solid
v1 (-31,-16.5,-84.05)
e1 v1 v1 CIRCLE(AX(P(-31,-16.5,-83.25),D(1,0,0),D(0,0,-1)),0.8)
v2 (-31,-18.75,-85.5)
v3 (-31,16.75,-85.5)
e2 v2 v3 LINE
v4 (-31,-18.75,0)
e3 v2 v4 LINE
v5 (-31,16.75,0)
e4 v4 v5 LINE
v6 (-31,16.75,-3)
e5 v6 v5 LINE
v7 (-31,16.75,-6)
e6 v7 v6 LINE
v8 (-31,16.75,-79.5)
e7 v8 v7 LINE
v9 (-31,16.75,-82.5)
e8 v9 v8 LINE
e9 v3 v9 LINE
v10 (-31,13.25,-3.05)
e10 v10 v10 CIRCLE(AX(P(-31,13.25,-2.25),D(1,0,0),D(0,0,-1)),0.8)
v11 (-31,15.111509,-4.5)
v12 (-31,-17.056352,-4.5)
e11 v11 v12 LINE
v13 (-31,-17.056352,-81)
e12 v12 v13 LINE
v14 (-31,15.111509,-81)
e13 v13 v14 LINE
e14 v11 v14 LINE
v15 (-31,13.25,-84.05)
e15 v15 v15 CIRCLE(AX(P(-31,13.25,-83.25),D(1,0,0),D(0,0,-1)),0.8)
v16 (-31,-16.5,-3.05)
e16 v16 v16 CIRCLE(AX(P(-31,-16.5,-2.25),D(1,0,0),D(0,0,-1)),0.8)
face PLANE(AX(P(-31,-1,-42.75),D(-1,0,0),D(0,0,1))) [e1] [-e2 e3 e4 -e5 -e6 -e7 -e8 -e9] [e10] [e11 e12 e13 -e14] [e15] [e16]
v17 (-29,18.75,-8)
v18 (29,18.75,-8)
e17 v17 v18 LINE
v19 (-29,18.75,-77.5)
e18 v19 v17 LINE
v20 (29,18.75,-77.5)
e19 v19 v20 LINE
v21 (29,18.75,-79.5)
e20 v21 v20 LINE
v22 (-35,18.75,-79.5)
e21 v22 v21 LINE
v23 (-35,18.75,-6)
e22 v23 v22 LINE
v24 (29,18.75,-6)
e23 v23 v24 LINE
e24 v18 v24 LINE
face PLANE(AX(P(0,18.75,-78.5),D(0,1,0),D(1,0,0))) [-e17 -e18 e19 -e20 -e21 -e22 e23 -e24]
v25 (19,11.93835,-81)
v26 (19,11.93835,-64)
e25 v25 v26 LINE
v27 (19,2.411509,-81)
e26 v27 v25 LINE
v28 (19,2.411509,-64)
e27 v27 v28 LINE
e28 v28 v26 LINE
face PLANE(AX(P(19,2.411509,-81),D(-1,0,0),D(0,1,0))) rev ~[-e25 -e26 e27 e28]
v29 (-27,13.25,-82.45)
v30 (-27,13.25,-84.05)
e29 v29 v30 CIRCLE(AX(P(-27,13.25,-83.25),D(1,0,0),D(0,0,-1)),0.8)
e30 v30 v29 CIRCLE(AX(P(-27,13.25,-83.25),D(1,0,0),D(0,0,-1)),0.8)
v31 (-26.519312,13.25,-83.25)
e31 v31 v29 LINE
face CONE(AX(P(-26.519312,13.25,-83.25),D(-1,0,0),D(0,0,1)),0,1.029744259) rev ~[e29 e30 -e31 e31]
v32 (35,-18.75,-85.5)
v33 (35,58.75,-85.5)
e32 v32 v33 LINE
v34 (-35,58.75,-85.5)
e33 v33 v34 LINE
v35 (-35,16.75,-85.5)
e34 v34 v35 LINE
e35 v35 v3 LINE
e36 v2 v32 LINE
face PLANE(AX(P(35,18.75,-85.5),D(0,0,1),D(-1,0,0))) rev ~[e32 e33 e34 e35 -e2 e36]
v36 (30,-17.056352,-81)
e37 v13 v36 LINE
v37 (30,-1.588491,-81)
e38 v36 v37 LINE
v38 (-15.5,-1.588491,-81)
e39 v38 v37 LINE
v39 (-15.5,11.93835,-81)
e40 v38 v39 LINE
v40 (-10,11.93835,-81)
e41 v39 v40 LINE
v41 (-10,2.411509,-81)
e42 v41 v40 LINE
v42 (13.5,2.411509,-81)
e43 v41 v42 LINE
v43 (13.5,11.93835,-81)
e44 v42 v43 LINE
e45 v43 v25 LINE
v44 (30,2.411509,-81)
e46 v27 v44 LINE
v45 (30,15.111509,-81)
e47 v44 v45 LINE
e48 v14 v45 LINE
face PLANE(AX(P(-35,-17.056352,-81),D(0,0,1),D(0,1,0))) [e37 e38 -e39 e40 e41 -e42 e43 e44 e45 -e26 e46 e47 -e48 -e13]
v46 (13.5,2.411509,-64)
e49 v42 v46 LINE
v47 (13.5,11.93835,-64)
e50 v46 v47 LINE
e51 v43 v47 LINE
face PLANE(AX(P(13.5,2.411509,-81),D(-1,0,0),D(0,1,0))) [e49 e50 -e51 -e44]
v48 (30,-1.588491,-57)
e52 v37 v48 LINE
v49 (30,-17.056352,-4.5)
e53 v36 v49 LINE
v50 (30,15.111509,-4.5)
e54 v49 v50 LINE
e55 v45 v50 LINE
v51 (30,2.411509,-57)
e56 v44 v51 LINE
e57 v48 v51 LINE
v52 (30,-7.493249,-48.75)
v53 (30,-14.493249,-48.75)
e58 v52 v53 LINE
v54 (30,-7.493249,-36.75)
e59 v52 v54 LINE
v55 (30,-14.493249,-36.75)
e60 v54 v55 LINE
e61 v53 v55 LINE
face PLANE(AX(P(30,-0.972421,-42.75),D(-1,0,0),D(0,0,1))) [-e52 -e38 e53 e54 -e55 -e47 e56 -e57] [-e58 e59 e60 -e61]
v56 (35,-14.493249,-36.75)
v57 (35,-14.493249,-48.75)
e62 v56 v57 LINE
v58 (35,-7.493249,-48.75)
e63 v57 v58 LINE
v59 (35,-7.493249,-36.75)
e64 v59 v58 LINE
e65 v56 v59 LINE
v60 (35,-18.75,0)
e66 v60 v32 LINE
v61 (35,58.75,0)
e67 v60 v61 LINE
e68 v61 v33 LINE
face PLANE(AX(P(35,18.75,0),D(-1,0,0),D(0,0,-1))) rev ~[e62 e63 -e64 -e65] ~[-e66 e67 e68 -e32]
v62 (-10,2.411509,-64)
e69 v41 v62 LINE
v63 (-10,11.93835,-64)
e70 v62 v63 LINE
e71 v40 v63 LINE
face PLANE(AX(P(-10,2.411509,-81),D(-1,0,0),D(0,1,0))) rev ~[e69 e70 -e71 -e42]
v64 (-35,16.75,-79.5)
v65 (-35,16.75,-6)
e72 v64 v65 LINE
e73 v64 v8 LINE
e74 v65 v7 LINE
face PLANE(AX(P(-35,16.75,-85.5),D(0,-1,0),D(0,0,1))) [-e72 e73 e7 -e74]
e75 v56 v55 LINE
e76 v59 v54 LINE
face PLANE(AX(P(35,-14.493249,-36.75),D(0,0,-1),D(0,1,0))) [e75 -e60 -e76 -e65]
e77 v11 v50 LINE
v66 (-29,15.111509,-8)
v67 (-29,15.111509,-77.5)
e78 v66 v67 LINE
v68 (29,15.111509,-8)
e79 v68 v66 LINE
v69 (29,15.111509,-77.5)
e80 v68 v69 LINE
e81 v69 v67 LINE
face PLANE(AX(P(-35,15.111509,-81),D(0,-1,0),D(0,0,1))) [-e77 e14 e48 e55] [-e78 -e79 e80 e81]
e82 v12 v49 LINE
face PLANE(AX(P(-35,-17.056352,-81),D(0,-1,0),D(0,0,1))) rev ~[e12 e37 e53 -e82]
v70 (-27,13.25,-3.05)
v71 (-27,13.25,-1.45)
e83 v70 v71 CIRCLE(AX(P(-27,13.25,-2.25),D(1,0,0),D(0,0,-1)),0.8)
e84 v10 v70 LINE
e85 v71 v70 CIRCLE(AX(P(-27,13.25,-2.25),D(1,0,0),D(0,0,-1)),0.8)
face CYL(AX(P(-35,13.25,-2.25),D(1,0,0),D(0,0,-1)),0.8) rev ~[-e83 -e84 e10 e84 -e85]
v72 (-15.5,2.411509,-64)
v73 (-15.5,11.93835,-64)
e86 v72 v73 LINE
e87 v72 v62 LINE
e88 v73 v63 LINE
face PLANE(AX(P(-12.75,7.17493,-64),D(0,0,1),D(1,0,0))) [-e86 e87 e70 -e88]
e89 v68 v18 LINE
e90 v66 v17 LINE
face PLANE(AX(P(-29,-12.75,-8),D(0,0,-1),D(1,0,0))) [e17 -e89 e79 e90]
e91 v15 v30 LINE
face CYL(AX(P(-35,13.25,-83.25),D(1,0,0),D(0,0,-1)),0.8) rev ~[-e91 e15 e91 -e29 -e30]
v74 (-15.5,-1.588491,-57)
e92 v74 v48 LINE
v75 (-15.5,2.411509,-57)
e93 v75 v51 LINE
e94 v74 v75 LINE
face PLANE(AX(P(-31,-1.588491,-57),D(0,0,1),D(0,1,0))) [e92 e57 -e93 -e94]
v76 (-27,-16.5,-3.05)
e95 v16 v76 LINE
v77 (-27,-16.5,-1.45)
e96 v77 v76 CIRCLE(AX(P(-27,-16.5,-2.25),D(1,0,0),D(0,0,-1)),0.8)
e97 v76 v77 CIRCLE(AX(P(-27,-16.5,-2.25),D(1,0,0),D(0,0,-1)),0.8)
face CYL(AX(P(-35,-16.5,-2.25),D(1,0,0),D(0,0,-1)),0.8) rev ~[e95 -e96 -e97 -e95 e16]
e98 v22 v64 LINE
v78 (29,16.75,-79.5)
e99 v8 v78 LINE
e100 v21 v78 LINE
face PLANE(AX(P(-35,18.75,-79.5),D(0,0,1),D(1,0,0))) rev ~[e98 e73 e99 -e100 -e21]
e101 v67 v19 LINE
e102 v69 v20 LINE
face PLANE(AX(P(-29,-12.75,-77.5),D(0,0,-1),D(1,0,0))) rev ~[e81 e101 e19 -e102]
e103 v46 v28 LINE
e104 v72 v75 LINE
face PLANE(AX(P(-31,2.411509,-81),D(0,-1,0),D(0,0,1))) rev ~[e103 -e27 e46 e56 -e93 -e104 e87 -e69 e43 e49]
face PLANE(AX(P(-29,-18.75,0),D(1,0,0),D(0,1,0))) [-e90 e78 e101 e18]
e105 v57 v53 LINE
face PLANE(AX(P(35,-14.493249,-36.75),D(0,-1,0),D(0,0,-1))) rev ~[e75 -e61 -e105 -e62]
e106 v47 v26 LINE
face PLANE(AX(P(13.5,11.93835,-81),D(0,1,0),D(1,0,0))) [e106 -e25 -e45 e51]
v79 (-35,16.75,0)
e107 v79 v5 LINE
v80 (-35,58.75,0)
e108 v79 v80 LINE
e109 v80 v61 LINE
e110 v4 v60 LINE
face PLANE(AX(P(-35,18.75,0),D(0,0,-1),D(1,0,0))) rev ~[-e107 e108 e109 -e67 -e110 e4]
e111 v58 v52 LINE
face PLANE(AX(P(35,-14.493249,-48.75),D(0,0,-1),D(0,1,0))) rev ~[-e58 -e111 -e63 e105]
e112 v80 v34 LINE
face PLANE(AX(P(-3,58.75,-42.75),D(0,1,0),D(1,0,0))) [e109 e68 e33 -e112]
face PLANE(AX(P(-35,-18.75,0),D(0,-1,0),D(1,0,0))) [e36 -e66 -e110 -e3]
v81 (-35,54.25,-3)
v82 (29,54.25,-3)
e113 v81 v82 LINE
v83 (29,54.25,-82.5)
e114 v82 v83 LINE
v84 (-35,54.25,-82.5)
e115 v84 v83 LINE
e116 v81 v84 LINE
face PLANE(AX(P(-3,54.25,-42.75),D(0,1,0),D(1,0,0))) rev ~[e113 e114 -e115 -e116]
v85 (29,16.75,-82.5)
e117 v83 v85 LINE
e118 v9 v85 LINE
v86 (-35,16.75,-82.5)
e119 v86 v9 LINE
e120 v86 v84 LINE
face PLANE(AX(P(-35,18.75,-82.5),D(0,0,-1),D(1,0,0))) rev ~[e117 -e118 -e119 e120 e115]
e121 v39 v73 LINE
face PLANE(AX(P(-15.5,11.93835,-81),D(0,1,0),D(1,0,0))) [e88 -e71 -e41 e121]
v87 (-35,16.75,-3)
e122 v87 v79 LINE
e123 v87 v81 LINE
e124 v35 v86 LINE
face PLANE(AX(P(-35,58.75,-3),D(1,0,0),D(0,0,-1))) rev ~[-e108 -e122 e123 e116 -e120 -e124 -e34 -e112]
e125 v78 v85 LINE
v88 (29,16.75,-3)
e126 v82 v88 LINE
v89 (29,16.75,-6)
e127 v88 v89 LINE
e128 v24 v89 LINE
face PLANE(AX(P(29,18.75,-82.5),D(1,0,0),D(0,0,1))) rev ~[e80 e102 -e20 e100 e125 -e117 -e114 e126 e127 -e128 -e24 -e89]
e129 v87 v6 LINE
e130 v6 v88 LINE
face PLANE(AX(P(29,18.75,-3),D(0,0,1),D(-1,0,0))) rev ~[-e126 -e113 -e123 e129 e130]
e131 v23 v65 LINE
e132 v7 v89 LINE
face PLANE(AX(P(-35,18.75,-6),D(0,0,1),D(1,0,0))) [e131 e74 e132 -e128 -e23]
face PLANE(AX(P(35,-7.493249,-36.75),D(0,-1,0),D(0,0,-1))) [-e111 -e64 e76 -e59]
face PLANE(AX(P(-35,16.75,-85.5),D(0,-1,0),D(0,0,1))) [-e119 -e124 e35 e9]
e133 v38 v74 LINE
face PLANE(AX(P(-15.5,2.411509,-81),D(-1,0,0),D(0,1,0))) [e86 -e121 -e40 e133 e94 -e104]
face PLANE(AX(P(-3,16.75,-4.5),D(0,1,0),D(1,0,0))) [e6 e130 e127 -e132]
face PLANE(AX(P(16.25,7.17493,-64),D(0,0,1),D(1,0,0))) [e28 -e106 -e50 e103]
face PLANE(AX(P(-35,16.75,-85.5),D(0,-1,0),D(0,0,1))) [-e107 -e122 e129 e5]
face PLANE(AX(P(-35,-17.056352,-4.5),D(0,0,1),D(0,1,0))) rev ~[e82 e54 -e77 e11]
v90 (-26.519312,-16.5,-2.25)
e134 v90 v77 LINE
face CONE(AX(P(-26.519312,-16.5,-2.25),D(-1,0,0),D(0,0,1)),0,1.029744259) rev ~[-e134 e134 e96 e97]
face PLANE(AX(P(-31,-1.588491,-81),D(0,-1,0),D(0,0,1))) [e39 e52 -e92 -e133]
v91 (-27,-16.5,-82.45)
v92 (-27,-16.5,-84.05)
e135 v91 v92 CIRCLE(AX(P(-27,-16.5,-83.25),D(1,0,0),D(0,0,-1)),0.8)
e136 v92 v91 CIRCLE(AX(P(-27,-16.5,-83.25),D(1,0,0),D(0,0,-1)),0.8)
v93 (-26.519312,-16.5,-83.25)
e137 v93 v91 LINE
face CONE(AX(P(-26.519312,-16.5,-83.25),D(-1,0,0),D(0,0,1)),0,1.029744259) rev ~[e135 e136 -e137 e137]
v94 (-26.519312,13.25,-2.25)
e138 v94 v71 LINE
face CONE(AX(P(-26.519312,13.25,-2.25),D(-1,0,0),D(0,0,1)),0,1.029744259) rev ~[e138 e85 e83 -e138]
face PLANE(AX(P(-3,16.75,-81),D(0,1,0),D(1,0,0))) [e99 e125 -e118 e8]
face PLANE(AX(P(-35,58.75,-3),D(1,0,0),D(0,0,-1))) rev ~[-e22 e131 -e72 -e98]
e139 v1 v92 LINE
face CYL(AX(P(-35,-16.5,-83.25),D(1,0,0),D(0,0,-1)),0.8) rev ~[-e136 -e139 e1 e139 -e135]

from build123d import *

# Parameters (mm, degrees)
SKETCH1_W             = 70
SKETCH1_H             = 37.5
BOSS_EXTRUDE1_DEPTH   = 85.5
SHELL1_T              = -6
SKETCH4_W             = 58
SKETCH4_H             = 2
BOSS_EXTRUDE2_DEPTH   = 31.5
SKETCH3_W             = 64
SKETCH3_H             = 3
CUT_EXTRUDE2_DEPTH    = 2
BOSS_EXTRUDE3_DEPTH   = 40
SKETCH8_W             = 64
SKETCH8_H             = 79.5
BOSS_EXTRUDE4_DEPTH   = 4.5
SKETCH9_W             = 76.5
SKETCH9_H             = 32.167861311
CUT_EXTRUDE3_DEPTH    = 65
SKETCH14_W            = 85.5
SKETCH14_H            = 35.5
CUT_EXTRUDE4_DEPTH    = 4
M2_TAPPED_HOLE1_D     = 1.6
M2_TAPPED_HOLE1_DEPTH = 4
M2_TAPPED_HOLE1_TIP   = 0.480688495
M2_TAPPED_HOLE2_D     = 1.6
M2_TAPPED_HOLE2_DEPTH = 4
M2_TAPPED_HOLE2_TIP   = 0.480688495
SKETCH17_W            = 12
SKETCH17_H            = 7
CUT_EXTRUDE5_DEPTH    = 10
SKETCH19_W            = 24
SKETCH19_H            = 4
BOSS_EXTRUDE5_DEPTH   = 61
SKETCH20_W            = 5.5
SKETCH20_H            = 9.526840529
BOSS_EXTRUDE7_DEPTH   = 17
SKETCH21_W            = 24
SKETCH21_H            = 4
CUT_EXTRUDE6_DEPTH    = 15.5


with BuildPart() as part:
    # Sketch1 → Boss-Extrude1 (new body)
    with BuildSketch(Plane.XY):
        Rectangle(SKETCH1_W, SKETCH1_H)
    extrude(amount=-BOSS_EXTRUDE1_DEPTH)

    # Shell1
    shell1_openings = [part.faces().sort_by_distance(p)[0] for p in [
        (0, 18.75, -42.75),
    ]]
    offset(amount=SHELL1_T, openings=shell1_openings, kind=Kind.INTERSECTION)

    # Sketch4 → Boss-Extrude2 (add)
    with BuildSketch(Plane(origin=(0, -12.75, 0), x_dir=(1, 0, 0), z_dir=(0, 1, 0))):
        with Locations((0, 78.5)):
            Rectangle(SKETCH4_W, SKETCH4_H)
        with Locations((0, 7)):
            Rectangle(SKETCH4_W, SKETCH4_H)
    extrude(amount=BOSS_EXTRUDE2_DEPTH)

    # Sketch3 → Cut-Extrude2 (cut)
    with BuildSketch(Plane(origin=(0, 18.75, 0), x_dir=(1, 0, 0), z_dir=(0, 1, 0))):
        with Locations((-3, 4.5)):
            Rectangle(SKETCH3_W, SKETCH3_H)
        with Locations((-3, 81)):
            Rectangle(SKETCH3_W, SKETCH3_H)
    extrude(amount=-CUT_EXTRUDE2_DEPTH, mode=Mode.SUBTRACT)

    # Sketch6 → Boss-Extrude3 (add)
    with BuildSketch(Plane(origin=(0, 18.75, 0), x_dir=(1, 0, 0), z_dir=(0, 1, 0))):
        Polygon((29, 79.5), (29, 6), (29, 3), (-35, 3), (-35, 0), (35, 0), (35, 85.5), (-35, 85.5), (-35, 82.5), (29, 82.5), align=None)
    extrude(amount=BOSS_EXTRUDE3_DEPTH)

    # Sketch8 → Boss-Extrude4 (add)
    with BuildSketch(Plane(origin=(0, 58.75, 0), x_dir=(1, 0, 0), z_dir=(0, 1, 0))):
        with Locations((-3, 42.75)):
            Rectangle(SKETCH8_W, SKETCH8_H)
    extrude(amount=-BOSS_EXTRUDE4_DEPTH)

    # Sketch9 → Cut-Extrude3 (cut)
    with BuildSketch(Plane.ZY.offset(35)):
        with Locations((-42.75, -0.972421296)):
            Rectangle(SKETCH9_W, SKETCH9_H)
    extrude(amount=-CUT_EXTRUDE3_DEPTH, mode=Mode.SUBTRACT)

    # Sketch14 → Cut-Extrude4 (cut)
    with BuildSketch(Plane.ZY.offset(35)):
        with Locations((-42.75, -1)):
            Rectangle(SKETCH14_W, SKETCH14_H)
    extrude(amount=-CUT_EXTRUDE4_DEPTH, mode=Mode.SUBTRACT)

    # M2 Tapped Hole1
    with Locations(Plane.ZY.offset(35)):
        with Locations((-2.25, 13.25), (-83.25, -16.5), (-83.25, 13.25), (-2.25, -16.5)):
            Hole(M2_TAPPED_HOLE1_D / 2, depth=M2_TAPPED_HOLE1_DEPTH)
            with Locations((0, 0, -(M2_TAPPED_HOLE1_DEPTH + M2_TAPPED_HOLE1_TIP / 2))):  # 118° drill point
                Cone(0, M2_TAPPED_HOLE1_D / 2, M2_TAPPED_HOLE1_TIP, mode=Mode.SUBTRACT)

    # M2 Tapped Hole2
    with Locations(Plane.ZY.offset(31)):
        with Locations((-2.25, 13.25), (-2.25, -16.5), (-83.25, -16.5), (-83.25, 13.25)):
            Hole(M2_TAPPED_HOLE2_D / 2, depth=M2_TAPPED_HOLE2_DEPTH)
            with Locations((0, 0, -(M2_TAPPED_HOLE2_DEPTH + M2_TAPPED_HOLE2_TIP / 2))):  # 118° drill point
                Cone(0, M2_TAPPED_HOLE2_D / 2, M2_TAPPED_HOLE2_TIP, mode=Mode.SUBTRACT)

    # Sketch17 → Cut-Extrude5 (cut)
    with BuildSketch(Plane(origin=(35, 0, 0), x_dir=(0, 0, -1), z_dir=(1, 0, 0))):
        with Locations((42.75, -10.993248875)):
            Rectangle(SKETCH17_W, SKETCH17_H)
    extrude(amount=-CUT_EXTRUDE5_DEPTH, mode=Mode.SUBTRACT)

    # Sketch19 → Boss-Extrude5 (add)
    with BuildSketch(Plane.ZY.offset(31)):
        with Locations((-69, 0.411509359)):
            Rectangle(SKETCH19_W, SKETCH19_H)
    extrude(amount=-BOSS_EXTRUDE5_DEPTH)

    # Sketch20 → Boss-Extrude7 (add)
    with BuildSketch(Plane.XY.offset(-81)):
        with Locations((16.25, 7.174929624)):
            Rectangle(SKETCH20_W, SKETCH20_H)
        with Locations((-12.75, 7.174929624)):
            Rectangle(SKETCH20_W, SKETCH20_H)
    extrude(amount=BOSS_EXTRUDE7_DEPTH)

    # Sketch21 → Cut-Extrude6 (cut)
    with BuildSketch(Plane.ZY.offset(31)):
        with Locations((-69, 0.411509359)):
            Rectangle(SKETCH21_W, SKETCH21_H)
    extrude(amount=-CUT_EXTRUDE6_DEPTH, mode=Mode.SUBTRACT)


solid = part.part
